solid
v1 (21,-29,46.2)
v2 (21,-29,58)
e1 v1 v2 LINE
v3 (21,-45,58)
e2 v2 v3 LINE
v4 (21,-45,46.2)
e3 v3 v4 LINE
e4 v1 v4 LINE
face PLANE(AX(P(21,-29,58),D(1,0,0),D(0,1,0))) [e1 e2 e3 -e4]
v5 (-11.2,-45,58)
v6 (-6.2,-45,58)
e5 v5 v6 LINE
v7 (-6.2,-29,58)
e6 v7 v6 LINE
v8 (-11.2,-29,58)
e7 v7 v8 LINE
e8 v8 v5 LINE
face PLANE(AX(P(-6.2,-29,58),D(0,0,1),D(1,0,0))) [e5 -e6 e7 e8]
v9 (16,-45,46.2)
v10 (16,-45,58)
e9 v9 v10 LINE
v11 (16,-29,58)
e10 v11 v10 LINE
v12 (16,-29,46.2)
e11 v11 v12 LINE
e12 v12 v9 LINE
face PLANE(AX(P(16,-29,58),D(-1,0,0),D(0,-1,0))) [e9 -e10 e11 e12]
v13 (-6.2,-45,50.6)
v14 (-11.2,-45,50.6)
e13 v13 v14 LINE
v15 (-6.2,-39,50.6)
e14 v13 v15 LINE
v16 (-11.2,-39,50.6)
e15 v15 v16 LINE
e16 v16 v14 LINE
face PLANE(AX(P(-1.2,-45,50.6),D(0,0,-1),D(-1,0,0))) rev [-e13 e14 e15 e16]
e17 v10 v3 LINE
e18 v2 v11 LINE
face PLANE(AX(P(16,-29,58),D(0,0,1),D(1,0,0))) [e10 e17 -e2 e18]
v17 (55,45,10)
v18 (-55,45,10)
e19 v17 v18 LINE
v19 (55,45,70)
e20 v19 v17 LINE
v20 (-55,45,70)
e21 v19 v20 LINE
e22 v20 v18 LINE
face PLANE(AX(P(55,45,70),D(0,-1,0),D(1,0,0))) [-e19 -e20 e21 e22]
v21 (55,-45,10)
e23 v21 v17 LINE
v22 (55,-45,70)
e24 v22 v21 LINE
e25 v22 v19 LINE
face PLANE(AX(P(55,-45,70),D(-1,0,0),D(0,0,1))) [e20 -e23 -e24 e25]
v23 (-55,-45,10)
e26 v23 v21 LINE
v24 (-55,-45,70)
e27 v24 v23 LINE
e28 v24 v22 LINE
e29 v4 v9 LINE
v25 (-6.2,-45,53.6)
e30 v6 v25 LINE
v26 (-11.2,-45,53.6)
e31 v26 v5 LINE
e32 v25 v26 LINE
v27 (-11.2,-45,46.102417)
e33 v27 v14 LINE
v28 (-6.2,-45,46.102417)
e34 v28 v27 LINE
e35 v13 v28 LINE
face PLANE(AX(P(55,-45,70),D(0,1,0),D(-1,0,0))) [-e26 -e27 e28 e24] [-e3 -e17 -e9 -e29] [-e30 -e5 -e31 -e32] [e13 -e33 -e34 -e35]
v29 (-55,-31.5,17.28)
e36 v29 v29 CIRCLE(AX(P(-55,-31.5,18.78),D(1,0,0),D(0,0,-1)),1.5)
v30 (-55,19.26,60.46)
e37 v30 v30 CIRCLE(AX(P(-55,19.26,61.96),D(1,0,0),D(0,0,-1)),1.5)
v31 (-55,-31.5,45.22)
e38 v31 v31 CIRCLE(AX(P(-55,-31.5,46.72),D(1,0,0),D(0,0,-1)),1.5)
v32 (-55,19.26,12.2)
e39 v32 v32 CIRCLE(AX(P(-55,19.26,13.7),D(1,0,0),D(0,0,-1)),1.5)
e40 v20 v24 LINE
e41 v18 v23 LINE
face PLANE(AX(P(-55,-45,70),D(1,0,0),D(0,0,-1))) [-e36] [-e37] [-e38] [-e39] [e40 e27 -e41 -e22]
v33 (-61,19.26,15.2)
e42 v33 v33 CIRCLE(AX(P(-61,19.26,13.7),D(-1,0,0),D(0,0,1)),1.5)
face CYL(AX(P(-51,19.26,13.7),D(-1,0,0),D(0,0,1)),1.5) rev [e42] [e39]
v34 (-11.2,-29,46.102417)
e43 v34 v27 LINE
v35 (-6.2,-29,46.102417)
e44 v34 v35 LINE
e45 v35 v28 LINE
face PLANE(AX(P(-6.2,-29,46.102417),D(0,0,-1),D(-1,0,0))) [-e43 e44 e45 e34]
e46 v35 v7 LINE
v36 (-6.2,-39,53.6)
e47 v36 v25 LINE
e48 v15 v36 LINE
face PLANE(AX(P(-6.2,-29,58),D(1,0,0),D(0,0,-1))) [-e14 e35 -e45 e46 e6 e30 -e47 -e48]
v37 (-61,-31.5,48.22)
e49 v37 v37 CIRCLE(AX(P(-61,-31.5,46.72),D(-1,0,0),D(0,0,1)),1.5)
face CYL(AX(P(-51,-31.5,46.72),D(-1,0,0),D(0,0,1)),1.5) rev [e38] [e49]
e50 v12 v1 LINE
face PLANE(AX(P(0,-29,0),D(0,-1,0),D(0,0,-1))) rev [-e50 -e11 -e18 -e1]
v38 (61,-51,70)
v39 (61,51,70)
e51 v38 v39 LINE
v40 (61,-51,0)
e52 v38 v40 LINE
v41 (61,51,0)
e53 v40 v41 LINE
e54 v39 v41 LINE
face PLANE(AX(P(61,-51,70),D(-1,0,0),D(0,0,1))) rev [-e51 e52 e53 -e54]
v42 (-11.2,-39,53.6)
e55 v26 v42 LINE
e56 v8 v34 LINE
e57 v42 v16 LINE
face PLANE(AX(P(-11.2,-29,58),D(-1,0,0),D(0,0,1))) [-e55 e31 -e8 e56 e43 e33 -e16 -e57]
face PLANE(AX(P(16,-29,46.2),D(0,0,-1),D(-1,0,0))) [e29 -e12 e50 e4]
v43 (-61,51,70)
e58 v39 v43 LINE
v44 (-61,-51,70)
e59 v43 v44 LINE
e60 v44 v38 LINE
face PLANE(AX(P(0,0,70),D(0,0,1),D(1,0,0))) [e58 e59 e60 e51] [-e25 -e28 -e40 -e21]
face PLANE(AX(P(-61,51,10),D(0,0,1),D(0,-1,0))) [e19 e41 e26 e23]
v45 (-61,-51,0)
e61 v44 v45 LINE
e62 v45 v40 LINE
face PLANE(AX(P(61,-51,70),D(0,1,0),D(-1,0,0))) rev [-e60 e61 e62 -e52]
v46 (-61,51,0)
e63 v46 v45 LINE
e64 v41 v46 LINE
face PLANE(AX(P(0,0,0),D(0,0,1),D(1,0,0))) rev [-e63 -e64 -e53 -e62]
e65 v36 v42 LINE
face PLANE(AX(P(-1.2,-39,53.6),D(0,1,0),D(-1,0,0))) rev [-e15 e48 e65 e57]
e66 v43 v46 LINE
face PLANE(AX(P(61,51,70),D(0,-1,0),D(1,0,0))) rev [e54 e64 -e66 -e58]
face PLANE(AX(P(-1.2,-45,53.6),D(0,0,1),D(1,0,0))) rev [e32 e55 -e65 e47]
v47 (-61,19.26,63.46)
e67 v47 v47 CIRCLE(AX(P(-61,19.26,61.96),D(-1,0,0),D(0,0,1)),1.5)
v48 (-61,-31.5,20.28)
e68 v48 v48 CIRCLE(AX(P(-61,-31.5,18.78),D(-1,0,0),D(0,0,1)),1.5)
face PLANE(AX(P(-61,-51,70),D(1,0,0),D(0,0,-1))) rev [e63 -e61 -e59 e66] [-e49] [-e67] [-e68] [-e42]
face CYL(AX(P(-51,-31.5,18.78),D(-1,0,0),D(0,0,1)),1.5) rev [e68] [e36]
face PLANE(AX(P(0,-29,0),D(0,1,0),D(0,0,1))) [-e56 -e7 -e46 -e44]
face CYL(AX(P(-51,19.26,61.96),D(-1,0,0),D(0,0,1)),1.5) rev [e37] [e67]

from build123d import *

# Parameters (mm, degrees)
SKETCH1_W           = 122
SKETCH1_H           = 102
SKETCH1_W_2         = 110
SKETCH1_H_2         = 90
BOSS_EXTRUDE1_DEPTH = 70
SKETCH3_W           = 10
SKETCH3_H           = 102
BOSS_EXTRUDE3_DEPTH = 122
SKETCH6_R           = 1.5
CUT_EXTRUDE1_DEPTH  = 10
SKETCH5_R           = 1.5
CUT_EXTRUDE2_DEPTH  = 10
SKETCH5_3_R         = 1.5
CUT_EXTRUDE3_DEPTH  = 10
SKETCH8_W           = 5
SKETCH8_H           = 11.8
SKETCH8_H_2         = 11.897582895
BOSS_EXTRUDE4_DEPTH = 22
SKETCH14_W          = 3
SKETCH14_H          = 6
CUT_EXTRUDE6_DEPTH  = 10


with BuildPart() as part:
    # Sketch1 → Boss-Extrude1 (new body)
    with BuildSketch(Plane.XY):
        Rectangle(SKETCH1_W, SKETCH1_H)
        Rectangle(SKETCH1_W_2, SKETCH1_H_2, mode=Mode.SUBTRACT)
    extrude(amount=BOSS_EXTRUDE1_DEPTH)

    # Sketch3 → Boss-Extrude3 (add)
    with BuildSketch(Plane(origin=(61, 0, 0), x_dir=(0, 0, -1), z_dir=(1, 0, 0))):
        with Locations((-5, 0)):
            Rectangle(SKETCH3_W, SKETCH3_H)
    extrude(amount=-BOSS_EXTRUDE3_DEPTH)

    # Sketch6 → Cut-Extrude1 (cut)
    with BuildSketch(Plane.ZY.offset(61)):
        with Locations((18.78, -31.5)):
            Circle(SKETCH6_R)
        with Locations((46.72, -31.5)):
            Circle(SKETCH6_R)
    extrude(amount=-CUT_EXTRUDE1_DEPTH, mode=Mode.SUBTRACT)

    # Sketch5 → Cut-Extrude2 (cut)
    with BuildSketch(Plane.ZY.offset(61)):
        with Locations((61.96, 19.26)):
            Circle(SKETCH5_R)
    extrude(amount=-CUT_EXTRUDE2_DEPTH, mode=Mode.SUBTRACT)

    # Sketch5<3> → Cut-Extrude3 (cut)
    with BuildSketch(Plane.ZY.offset(61)):
        with Locations((13.7, 19.26)):
            Circle(SKETCH5_3_R)
    extrude(amount=-CUT_EXTRUDE3_DEPTH, mode=Mode.SUBTRACT)

    # Sketch8 → Boss-Extrude4 (add)
    with BuildSketch(Plane.XZ.offset(51)):
        with Locations((18.5, 52.1)):
            Rectangle(SKETCH8_W, SKETCH8_H)
        with Locations((-8.7, 52.051208553)):
            Rectangle(SKETCH8_W, SKETCH8_H_2)
    extrude(amount=-BOSS_EXTRUDE4_DEPTH)

    # Sketch14 → Cut-Extrude6 (cut)
    with BuildSketch(Plane.ZY.offset(11.2)):
        with Locations((52.1, -42)):
            Rectangle(SKETCH14_W, SKETCH14_H)
    extrude(amount=-CUT_EXTRUDE6_DEPTH, mode=Mode.SUBTRACT)


solid = part.part
